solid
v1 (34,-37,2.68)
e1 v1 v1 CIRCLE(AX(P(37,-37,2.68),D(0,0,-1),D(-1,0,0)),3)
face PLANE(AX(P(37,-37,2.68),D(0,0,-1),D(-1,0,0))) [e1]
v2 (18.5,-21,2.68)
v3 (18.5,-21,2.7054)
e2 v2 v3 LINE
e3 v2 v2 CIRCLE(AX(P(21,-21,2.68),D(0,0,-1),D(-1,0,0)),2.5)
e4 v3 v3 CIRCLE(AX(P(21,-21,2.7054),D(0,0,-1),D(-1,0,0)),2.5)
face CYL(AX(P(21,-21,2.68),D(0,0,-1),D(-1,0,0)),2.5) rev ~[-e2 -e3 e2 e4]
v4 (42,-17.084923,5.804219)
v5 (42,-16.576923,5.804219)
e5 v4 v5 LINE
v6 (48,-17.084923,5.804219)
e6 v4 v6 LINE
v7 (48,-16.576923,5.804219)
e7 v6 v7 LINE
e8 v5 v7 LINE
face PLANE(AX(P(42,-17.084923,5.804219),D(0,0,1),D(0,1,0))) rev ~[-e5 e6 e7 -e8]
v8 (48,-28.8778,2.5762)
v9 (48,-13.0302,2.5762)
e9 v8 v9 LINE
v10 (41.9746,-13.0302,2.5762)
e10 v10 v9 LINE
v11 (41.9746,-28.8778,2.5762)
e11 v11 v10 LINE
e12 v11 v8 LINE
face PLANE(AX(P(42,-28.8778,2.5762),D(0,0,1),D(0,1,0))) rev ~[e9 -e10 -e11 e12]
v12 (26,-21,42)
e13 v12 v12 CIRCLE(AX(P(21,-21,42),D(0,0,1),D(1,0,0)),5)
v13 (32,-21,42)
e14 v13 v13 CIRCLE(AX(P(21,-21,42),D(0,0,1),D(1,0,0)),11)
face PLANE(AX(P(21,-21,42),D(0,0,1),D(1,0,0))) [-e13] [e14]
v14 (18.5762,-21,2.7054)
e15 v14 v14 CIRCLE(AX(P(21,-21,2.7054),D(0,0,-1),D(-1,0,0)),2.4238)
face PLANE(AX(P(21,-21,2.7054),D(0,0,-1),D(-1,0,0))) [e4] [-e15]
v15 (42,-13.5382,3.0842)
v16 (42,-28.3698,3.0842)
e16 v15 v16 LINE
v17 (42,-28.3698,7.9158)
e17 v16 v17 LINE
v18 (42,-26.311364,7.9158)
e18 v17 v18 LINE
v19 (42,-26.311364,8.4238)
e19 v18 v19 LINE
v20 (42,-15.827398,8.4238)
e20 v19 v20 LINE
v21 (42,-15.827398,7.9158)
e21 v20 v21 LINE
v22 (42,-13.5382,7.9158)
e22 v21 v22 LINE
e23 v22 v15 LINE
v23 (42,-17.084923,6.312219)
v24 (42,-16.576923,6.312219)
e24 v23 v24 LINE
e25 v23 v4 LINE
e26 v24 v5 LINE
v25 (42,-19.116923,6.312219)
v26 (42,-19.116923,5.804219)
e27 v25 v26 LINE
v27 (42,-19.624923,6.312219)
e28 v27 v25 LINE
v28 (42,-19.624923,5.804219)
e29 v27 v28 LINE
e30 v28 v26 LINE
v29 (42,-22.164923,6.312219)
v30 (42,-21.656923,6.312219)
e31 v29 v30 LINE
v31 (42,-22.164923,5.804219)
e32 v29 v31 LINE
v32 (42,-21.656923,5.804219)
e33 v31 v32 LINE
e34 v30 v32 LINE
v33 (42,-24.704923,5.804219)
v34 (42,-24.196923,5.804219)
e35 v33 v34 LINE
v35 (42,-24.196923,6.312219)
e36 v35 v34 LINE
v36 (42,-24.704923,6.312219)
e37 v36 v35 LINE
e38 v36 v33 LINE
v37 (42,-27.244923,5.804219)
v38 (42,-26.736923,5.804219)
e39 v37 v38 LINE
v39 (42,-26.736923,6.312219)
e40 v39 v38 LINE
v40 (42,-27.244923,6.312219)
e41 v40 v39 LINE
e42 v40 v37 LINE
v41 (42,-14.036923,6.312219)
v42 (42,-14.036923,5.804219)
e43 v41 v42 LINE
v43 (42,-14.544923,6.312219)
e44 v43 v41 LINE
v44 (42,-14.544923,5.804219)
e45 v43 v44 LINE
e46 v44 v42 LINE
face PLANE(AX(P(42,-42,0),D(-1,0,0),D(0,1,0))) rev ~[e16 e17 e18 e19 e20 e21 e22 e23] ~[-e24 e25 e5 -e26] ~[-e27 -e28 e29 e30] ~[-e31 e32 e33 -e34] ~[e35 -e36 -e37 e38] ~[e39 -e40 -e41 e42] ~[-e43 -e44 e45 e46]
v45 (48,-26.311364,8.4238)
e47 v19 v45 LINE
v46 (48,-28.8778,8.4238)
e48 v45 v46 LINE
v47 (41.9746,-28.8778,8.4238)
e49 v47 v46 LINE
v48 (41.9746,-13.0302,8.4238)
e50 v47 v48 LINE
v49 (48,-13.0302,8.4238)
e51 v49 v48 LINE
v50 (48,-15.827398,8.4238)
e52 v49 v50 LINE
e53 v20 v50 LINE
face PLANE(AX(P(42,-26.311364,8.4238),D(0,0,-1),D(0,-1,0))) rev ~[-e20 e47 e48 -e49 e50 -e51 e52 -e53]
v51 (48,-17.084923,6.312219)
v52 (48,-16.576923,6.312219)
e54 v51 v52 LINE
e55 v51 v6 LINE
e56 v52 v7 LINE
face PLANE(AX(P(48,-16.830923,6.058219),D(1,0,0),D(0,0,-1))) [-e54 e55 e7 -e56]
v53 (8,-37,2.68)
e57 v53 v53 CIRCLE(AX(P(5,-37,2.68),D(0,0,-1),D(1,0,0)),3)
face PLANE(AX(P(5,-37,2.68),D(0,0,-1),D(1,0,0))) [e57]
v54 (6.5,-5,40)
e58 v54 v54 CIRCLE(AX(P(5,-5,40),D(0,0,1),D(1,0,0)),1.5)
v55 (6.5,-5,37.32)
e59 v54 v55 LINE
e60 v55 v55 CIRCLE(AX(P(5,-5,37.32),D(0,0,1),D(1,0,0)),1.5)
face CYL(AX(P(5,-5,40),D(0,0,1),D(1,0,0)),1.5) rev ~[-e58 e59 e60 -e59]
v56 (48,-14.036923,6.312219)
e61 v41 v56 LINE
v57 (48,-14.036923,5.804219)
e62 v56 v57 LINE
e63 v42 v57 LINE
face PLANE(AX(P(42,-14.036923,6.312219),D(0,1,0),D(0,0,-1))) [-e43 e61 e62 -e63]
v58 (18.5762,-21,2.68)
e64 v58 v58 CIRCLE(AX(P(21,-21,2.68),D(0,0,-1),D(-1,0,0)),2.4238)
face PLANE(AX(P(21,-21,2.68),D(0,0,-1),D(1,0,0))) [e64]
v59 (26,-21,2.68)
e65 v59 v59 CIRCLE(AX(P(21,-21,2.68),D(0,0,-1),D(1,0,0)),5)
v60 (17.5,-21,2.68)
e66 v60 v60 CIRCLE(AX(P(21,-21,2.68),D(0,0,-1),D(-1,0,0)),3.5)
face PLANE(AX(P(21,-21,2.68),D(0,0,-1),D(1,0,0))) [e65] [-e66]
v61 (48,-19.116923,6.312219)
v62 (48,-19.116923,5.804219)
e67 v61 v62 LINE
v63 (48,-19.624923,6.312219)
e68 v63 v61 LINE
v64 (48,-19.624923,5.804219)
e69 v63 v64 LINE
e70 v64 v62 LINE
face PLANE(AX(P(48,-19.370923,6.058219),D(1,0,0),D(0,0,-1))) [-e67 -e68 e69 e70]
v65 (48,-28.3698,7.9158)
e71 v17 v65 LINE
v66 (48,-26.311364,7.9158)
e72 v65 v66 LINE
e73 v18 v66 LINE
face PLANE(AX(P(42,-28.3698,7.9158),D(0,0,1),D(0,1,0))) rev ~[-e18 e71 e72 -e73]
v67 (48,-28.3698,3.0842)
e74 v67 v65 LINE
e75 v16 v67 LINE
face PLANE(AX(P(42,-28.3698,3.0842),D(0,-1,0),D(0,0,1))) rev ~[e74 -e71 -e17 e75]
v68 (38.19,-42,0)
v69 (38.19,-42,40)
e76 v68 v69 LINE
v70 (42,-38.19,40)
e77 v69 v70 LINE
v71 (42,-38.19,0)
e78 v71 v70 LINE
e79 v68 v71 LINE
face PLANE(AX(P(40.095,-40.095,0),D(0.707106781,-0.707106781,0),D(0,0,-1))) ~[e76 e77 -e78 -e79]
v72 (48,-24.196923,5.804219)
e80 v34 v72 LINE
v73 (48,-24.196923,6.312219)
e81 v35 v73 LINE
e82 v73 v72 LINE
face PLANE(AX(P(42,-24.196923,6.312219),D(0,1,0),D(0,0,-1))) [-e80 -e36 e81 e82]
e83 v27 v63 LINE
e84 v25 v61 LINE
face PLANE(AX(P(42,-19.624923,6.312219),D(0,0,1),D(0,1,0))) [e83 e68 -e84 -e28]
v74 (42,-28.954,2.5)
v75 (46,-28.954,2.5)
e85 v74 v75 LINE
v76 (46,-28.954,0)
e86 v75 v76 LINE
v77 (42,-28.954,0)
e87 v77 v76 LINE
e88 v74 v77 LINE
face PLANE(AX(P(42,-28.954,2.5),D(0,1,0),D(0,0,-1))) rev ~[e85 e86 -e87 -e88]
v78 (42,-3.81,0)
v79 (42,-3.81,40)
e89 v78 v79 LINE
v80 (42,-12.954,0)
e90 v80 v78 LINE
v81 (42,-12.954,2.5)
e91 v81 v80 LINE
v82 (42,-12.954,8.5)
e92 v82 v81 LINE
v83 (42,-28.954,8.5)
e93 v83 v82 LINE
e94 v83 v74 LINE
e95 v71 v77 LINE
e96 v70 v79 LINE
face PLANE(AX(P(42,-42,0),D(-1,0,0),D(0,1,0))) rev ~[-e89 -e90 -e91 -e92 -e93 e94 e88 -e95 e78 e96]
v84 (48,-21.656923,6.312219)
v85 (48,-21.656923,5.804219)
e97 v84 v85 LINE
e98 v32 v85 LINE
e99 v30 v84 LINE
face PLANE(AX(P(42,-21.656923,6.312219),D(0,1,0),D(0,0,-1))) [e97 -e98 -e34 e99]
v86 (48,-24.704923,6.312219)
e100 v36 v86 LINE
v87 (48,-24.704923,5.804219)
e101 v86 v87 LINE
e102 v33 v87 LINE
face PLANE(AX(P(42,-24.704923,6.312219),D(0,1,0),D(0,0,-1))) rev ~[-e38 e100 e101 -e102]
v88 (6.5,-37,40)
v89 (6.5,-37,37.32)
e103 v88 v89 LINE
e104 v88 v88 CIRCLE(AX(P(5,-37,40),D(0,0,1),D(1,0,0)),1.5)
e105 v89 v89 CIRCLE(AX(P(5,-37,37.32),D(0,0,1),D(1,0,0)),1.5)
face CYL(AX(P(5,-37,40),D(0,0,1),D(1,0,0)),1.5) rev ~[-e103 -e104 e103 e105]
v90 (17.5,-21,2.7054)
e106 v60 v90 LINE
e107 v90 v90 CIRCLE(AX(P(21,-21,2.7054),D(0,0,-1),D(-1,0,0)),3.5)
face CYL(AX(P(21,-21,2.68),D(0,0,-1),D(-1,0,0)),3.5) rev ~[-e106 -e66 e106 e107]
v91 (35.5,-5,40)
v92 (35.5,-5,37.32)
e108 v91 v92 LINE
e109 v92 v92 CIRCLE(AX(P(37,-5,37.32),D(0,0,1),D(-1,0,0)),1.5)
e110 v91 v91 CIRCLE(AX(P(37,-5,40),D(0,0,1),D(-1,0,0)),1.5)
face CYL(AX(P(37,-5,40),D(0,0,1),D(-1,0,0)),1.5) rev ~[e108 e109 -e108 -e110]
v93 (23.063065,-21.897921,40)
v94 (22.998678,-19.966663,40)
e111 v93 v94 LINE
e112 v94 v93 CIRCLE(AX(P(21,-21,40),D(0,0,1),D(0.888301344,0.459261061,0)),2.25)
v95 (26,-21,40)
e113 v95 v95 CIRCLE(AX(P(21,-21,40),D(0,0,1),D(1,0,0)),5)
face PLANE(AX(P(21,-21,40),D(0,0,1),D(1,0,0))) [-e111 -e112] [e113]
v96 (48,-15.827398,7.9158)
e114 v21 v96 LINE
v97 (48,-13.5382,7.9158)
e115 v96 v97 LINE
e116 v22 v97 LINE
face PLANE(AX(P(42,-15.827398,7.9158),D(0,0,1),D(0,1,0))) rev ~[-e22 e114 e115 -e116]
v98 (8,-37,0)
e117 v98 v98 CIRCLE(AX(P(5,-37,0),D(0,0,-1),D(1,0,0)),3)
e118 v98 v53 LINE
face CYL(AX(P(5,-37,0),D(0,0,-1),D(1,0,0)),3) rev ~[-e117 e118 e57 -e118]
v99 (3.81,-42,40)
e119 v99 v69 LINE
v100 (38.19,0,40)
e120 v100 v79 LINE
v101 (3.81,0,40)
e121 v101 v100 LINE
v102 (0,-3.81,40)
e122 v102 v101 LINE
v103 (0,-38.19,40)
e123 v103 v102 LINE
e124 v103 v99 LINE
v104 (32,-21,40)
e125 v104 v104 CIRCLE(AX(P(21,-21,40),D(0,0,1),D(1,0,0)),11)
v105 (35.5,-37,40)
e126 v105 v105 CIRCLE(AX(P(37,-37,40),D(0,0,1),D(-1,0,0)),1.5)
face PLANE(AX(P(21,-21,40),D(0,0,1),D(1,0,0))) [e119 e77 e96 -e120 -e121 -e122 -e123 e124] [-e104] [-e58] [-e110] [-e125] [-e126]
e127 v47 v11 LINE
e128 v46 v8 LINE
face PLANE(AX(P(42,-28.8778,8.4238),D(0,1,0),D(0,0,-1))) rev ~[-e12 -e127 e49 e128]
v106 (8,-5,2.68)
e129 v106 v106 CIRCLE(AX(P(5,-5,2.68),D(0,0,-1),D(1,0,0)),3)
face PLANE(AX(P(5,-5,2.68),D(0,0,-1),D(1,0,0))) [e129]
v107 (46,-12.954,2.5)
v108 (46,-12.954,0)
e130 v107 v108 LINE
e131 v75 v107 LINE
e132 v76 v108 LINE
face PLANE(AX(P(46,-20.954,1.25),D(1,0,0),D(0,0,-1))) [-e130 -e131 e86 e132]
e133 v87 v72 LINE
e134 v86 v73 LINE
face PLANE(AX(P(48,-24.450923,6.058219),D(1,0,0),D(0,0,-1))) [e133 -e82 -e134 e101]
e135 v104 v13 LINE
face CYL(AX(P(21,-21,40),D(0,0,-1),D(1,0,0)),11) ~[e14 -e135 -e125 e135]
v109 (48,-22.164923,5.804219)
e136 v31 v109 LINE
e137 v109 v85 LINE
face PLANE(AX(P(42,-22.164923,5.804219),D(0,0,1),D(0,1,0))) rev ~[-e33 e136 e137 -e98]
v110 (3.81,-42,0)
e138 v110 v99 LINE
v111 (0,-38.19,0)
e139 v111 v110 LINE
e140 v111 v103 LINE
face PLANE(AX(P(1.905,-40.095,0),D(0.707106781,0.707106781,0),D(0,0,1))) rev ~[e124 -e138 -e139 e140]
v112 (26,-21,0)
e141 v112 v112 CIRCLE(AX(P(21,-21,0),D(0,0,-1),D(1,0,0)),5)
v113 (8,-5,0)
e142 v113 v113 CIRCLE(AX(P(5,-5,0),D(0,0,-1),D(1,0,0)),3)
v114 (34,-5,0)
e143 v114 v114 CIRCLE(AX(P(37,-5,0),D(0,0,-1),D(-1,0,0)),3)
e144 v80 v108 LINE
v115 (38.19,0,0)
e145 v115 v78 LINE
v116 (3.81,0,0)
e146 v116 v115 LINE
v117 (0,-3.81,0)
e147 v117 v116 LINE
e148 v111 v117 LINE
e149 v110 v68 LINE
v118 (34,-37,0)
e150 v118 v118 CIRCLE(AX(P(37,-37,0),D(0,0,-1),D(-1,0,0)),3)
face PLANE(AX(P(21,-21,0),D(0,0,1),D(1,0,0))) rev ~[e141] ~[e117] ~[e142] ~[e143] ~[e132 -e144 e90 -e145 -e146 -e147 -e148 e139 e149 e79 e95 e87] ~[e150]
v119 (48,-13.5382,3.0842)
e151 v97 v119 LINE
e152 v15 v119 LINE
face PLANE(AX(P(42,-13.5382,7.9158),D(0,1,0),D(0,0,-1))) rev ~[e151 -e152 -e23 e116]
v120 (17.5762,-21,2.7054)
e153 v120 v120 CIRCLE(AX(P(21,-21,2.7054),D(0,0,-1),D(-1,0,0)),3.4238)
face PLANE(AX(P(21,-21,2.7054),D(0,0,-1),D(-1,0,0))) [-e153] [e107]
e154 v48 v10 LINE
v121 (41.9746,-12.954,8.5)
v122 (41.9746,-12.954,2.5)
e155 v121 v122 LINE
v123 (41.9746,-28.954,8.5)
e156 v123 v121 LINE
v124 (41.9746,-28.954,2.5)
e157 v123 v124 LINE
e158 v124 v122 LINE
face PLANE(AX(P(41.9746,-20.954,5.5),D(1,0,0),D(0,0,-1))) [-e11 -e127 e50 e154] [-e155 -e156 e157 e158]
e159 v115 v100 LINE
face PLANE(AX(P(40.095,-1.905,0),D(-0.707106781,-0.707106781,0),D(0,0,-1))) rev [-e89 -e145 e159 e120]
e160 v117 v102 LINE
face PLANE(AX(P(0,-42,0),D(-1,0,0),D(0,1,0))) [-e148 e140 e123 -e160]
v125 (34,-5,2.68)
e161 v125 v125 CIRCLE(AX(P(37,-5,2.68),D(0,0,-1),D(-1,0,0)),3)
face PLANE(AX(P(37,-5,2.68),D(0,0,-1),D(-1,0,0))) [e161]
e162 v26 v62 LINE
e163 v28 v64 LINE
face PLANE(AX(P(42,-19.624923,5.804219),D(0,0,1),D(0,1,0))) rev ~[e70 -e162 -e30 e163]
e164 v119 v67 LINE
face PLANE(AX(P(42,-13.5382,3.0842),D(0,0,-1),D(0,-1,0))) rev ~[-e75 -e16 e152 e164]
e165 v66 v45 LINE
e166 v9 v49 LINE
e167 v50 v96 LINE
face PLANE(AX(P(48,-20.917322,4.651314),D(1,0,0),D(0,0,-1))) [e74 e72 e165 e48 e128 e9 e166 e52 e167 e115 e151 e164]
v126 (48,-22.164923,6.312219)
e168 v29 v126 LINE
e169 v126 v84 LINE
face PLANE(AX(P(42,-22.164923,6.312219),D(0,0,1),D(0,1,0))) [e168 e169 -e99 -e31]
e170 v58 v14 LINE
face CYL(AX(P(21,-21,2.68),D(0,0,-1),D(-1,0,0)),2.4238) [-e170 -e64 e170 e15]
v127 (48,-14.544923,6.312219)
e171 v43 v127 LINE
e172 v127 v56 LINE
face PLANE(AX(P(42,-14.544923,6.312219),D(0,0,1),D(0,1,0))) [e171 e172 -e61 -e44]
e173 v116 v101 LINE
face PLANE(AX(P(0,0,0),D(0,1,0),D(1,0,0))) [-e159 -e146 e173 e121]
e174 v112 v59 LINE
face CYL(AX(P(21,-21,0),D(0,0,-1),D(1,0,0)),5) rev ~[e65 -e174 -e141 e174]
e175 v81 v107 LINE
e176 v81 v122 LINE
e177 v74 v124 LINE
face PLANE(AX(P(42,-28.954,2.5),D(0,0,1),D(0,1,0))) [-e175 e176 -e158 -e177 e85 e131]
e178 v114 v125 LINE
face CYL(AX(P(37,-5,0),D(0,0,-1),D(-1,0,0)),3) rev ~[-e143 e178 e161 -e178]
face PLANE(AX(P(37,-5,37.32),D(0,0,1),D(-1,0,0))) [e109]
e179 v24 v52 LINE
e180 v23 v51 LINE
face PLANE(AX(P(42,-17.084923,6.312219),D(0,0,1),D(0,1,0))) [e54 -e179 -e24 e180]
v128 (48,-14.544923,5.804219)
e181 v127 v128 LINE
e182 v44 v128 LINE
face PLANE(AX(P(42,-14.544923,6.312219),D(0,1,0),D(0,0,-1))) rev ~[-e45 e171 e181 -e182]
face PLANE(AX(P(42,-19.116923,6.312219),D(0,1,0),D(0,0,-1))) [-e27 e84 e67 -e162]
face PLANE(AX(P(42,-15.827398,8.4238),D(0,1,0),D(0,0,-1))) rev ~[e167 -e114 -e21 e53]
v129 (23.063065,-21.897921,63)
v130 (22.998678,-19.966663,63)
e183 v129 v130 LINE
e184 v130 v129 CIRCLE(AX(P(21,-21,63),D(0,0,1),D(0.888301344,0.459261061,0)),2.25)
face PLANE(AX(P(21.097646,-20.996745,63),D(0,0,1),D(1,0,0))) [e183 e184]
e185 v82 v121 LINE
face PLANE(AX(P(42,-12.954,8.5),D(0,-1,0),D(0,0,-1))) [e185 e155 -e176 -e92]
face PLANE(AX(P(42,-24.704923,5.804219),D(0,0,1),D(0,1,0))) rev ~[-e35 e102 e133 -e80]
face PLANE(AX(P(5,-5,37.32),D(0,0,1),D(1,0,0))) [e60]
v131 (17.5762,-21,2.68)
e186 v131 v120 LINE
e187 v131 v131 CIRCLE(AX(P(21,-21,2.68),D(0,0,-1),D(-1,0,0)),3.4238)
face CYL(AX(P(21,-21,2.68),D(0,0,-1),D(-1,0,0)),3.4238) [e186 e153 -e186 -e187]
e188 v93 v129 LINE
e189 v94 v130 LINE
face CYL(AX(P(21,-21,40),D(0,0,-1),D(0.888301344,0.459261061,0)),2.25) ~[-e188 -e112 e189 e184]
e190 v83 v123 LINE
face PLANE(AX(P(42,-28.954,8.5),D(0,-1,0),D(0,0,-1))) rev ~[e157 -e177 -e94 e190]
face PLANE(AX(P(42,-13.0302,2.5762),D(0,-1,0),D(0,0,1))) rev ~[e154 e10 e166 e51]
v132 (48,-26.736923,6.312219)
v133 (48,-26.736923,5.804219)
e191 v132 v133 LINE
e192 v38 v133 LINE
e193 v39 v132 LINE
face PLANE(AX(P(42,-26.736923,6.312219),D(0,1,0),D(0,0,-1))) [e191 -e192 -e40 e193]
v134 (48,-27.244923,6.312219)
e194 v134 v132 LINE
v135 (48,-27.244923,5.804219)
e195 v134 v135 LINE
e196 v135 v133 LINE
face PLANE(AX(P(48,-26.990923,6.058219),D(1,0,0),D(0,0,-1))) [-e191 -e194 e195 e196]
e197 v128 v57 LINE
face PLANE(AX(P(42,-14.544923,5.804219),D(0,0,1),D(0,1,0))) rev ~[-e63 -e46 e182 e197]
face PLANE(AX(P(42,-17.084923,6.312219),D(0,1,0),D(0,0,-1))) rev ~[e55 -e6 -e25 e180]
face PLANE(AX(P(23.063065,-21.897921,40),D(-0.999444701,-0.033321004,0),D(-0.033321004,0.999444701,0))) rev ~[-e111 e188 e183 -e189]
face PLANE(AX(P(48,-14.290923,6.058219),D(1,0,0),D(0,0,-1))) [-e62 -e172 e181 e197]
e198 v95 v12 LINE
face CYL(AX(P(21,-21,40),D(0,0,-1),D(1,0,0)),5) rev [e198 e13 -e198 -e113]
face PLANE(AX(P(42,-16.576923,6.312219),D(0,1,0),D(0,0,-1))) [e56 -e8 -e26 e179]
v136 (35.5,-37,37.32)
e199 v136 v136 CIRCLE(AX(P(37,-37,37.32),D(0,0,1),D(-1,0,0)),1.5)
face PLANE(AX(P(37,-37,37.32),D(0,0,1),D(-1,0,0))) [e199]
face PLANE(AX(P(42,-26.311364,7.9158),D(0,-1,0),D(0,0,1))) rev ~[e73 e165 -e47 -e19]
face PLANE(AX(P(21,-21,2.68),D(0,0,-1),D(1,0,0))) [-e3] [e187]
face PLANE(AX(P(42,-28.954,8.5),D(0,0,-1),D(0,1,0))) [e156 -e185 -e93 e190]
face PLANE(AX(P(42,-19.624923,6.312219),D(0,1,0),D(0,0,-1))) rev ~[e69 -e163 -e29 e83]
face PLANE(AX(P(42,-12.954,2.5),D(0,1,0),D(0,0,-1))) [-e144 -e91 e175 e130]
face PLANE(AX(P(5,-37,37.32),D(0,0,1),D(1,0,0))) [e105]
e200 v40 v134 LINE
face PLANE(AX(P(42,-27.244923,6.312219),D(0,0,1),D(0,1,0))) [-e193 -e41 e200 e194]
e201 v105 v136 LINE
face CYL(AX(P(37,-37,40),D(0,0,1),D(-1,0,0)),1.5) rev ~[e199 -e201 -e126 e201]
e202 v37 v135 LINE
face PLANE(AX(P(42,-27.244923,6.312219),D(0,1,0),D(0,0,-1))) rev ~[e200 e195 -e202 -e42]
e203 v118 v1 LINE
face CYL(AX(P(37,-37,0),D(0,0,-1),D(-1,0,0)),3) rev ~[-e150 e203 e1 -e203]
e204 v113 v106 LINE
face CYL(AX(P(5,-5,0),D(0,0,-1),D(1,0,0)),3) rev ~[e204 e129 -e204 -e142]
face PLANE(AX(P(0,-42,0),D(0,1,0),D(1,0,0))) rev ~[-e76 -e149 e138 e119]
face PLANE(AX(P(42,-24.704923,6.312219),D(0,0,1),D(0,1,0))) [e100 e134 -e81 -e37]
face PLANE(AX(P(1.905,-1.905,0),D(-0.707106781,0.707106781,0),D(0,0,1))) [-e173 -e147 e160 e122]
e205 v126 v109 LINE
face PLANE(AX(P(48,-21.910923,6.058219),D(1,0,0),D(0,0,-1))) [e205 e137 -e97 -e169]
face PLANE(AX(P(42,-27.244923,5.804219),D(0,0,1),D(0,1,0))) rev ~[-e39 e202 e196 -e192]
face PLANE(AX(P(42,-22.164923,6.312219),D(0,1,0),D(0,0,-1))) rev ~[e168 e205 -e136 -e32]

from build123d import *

# Parameters (mm, degrees)
SKETCH1_W           = 42
SKETCH1_H           = 42
BOSS_EXTRUDE1_DEPTH = 40
SKETCH2_R           = 11
SKETCH2_R_2         = 5
BOSS_EXTRUDE2_DEPTH = 2
BOSS_EXTRUDE3_DEPTH = 23
SKETCH4_R           = 1.5
CUT_EXTRUDE1_DEPTH  = 2.68
SKETCH5_R           = 3
CUT_EXTRUDE2_DEPTH  = 2.68
SKETCH6_R           = 5
CUT_EXTRUDE3_DEPTH  = 2.68
SKETCH7_R           = 3.5
SKETCH7_R_2         = 3.4238
SKETCH7_R_3         = 2.5
SKETCH7_R_4         = 2.4238
CUT_EXTRUDE4_DEPTH  = 0.0254
CHAMFER1_SIZE       = 3.81
SKETCH8_W           = 2.5
SKETCH8_H           = 16
BOSS_EXTRUDE4_DEPTH = 4
SKETCH9_W           = 6
SKETCH9_H           = 16
SKETCH9_W_2         = 5.8476
SKETCH9_H_2         = 15.8476
CUT_EXTRUDE5_DEPTH  = 0.0254
SKETCH10_W          = 0.508
SKETCH10_H          = 0.508
BOSS_EXTRUDE5_DEPTH = 6


with BuildPart() as part:
    # Sketch1 → Boss-Extrude1 (new body)
    with BuildSketch(Plane.XY):
        with Locations((21, -21)):
            Rectangle(SKETCH1_W, SKETCH1_H)
    extrude(amount=BOSS_EXTRUDE1_DEPTH)

    # Sketch2 → Boss-Extrude2 (add)
    with BuildSketch(Plane.XY.offset(40)):
        with Locations((21, -21)):
            Circle(SKETCH2_R)
        with Locations((21, -21)):
            Circle(SKETCH2_R_2, mode=Mode.SUBTRACT)
    extrude(amount=BOSS_EXTRUDE2_DEPTH)

    # Sketch3 → Boss-Extrude3 (add)
    with BuildSketch(Plane.XY.offset(40)):
        with BuildLine():
            Line((23.063065241, -21.897920826), (22.998678024, -19.966662613))
            ThreePointArc((22.998678024, -19.966662613), (18.751249422, -21.074972259), (23.063065241, -21.897920826))
        make_face()
    extrude(amount=BOSS_EXTRUDE3_DEPTH)

    # Sketch4 → Cut-Extrude1 (cut)
    with BuildSketch(Plane.XY.offset(40)):
        with Locations((5, -5)):
            Circle(SKETCH4_R)
        with Locations((5, -37)):
            Circle(SKETCH4_R)
        with Locations(Location((37, -5, 0), (0, 0, 180))):
            Circle(SKETCH4_R)
        with Locations(Location((37, -37, 0), (0, 0, 180))):
            Circle(SKETCH4_R)
    extrude(amount=-CUT_EXTRUDE1_DEPTH, mode=Mode.SUBTRACT)

    # Sketch5 → Cut-Extrude2 (cut)
    with BuildSketch(Plane(origin=(0, 0, 0), x_dir=(-1, 0, 0), z_dir=(0, 0, -1))):
        with Locations((-37, -5)):
            Circle(SKETCH5_R)
        with Locations((-37, -37)):
            Circle(SKETCH5_R)
        with Locations(Location((-5, -37, 0), (0, 0, 180))):
            Circle(SKETCH5_R)
        with Locations(Location((-5, -5, 0), (0, 0, 180))):
            Circle(SKETCH5_R)
    extrude(amount=-CUT_EXTRUDE2_DEPTH, mode=Mode.SUBTRACT)

    # Sketch6 → Cut-Extrude3 (cut)
    with BuildSketch(Plane(origin=(0, 0, 0), x_dir=(-1, 0, 0), z_dir=(0, 0, -1))):
        with Locations(Location((-21, -21, 0), (0, 0, 180))):
            Circle(SKETCH6_R)
    extrude(amount=-CUT_EXTRUDE3_DEPTH, mode=Mode.SUBTRACT)

    # Sketch7 → Cut-Extrude4 (cut)
    # profile 1 of 2: a face of its own
    with BuildSketch(Plane(origin=(0, 0, 2.68), x_dir=(-1, 0, 0), z_dir=(0, 0, -1))):
        with Locations((-21, -21)):
            Circle(SKETCH7_R)
        with Locations((-21, -21)):
            Circle(SKETCH7_R_2, mode=Mode.SUBTRACT)
    # profile 2 of 2: a face of its own
    with BuildSketch(Plane(origin=(0, 0, 2.68), x_dir=(-1, 0, 0), z_dir=(0, 0, -1))):
        with Locations((-21, -21)):
            Circle(SKETCH7_R_3)
        with Locations((-21, -21)):
            Circle(SKETCH7_R_4, mode=Mode.SUBTRACT)
    extrude(amount=-CUT_EXTRUDE4_DEPTH, mode=Mode.SUBTRACT)

    # Chamfer1
    chamfer1_edges = [part.edges().sort_by_distance(p)[0] for p in [
        (0, 0, 20),
        (42, 0, 20),
        (42, -42, 20),
        (0, -42, 20),
    ]]
    chamfer(chamfer1_edges, length=CHAMFER1_SIZE)

    # Sketch8 → Boss-Extrude4 (add)
    with BuildSketch(Plane(origin=(42, 0, 0), x_dir=(0, 0, -1), z_dir=(1, 0, 0))):
        with Locations((-1.25, -20.954)):
            Rectangle(SKETCH8_W, SKETCH8_H)
    extrude(amount=BOSS_EXTRUDE4_DEPTH)

    # Sketch9 → Cut-Extrude5 (cut)
    with BuildSketch(Plane(origin=(42, 0, 0), x_dir=(0, 0, -1), z_dir=(1, 0, 0))):
        with Locations((-5.5, -20.954)):
            Rectangle(SKETCH9_W, SKETCH9_H)
        with Locations((-5.5, -20.954)):
            Rectangle(SKETCH9_W_2, SKETCH9_H_2, mode=Mode.SUBTRACT)
    extrude(amount=-CUT_EXTRUDE5_DEPTH, mode=Mode.SUBTRACT)

    # Sketch10 → Boss-Extrude5 (add)
    with BuildSketch(Plane(origin=(42, 0, 0), x_dir=(0, 0, -1), z_dir=(1, 0, 0))):
        Polygon((-7.9158, -28.3698), (-7.9158, -26.311363573), (-8.4238, -26.311363573), (-8.4238, -28.8778), (-2.5762, -28.8778), (-2.5762, -13.0302), (-8.4238, -13.0302), (-8.4238, -15.827398032), (-7.9158, -15.827398032), (-7.9158, -13.5382), (-3.0842, -13.5382), (-3.0842, -28.3698), align=None)
        with Locations((-6.058218613, -24.450923399)):
            Rectangle(SKETCH10_W, SKETCH10_H)
        with Locations((-6.058218613, -26.990923399)):
            Rectangle(SKETCH10_W, SKETCH10_H)
        with Locations((-6.058218613, -21.910923399)):
            Rectangle(SKETCH10_W, SKETCH10_H)
        with Locations((-6.058218613, -19.370923399)):
            Rectangle(SKETCH10_W, SKETCH10_H)
        with Locations((-6.058218613, -16.830923399)):
            Rectangle(SKETCH10_W, SKETCH10_H)
        with Locations((-6.058218613, -14.290923399)):
            Rectangle(SKETCH10_W, SKETCH10_H)
    extrude(amount=BOSS_EXTRUDE5_DEPTH)


solid = part.part
